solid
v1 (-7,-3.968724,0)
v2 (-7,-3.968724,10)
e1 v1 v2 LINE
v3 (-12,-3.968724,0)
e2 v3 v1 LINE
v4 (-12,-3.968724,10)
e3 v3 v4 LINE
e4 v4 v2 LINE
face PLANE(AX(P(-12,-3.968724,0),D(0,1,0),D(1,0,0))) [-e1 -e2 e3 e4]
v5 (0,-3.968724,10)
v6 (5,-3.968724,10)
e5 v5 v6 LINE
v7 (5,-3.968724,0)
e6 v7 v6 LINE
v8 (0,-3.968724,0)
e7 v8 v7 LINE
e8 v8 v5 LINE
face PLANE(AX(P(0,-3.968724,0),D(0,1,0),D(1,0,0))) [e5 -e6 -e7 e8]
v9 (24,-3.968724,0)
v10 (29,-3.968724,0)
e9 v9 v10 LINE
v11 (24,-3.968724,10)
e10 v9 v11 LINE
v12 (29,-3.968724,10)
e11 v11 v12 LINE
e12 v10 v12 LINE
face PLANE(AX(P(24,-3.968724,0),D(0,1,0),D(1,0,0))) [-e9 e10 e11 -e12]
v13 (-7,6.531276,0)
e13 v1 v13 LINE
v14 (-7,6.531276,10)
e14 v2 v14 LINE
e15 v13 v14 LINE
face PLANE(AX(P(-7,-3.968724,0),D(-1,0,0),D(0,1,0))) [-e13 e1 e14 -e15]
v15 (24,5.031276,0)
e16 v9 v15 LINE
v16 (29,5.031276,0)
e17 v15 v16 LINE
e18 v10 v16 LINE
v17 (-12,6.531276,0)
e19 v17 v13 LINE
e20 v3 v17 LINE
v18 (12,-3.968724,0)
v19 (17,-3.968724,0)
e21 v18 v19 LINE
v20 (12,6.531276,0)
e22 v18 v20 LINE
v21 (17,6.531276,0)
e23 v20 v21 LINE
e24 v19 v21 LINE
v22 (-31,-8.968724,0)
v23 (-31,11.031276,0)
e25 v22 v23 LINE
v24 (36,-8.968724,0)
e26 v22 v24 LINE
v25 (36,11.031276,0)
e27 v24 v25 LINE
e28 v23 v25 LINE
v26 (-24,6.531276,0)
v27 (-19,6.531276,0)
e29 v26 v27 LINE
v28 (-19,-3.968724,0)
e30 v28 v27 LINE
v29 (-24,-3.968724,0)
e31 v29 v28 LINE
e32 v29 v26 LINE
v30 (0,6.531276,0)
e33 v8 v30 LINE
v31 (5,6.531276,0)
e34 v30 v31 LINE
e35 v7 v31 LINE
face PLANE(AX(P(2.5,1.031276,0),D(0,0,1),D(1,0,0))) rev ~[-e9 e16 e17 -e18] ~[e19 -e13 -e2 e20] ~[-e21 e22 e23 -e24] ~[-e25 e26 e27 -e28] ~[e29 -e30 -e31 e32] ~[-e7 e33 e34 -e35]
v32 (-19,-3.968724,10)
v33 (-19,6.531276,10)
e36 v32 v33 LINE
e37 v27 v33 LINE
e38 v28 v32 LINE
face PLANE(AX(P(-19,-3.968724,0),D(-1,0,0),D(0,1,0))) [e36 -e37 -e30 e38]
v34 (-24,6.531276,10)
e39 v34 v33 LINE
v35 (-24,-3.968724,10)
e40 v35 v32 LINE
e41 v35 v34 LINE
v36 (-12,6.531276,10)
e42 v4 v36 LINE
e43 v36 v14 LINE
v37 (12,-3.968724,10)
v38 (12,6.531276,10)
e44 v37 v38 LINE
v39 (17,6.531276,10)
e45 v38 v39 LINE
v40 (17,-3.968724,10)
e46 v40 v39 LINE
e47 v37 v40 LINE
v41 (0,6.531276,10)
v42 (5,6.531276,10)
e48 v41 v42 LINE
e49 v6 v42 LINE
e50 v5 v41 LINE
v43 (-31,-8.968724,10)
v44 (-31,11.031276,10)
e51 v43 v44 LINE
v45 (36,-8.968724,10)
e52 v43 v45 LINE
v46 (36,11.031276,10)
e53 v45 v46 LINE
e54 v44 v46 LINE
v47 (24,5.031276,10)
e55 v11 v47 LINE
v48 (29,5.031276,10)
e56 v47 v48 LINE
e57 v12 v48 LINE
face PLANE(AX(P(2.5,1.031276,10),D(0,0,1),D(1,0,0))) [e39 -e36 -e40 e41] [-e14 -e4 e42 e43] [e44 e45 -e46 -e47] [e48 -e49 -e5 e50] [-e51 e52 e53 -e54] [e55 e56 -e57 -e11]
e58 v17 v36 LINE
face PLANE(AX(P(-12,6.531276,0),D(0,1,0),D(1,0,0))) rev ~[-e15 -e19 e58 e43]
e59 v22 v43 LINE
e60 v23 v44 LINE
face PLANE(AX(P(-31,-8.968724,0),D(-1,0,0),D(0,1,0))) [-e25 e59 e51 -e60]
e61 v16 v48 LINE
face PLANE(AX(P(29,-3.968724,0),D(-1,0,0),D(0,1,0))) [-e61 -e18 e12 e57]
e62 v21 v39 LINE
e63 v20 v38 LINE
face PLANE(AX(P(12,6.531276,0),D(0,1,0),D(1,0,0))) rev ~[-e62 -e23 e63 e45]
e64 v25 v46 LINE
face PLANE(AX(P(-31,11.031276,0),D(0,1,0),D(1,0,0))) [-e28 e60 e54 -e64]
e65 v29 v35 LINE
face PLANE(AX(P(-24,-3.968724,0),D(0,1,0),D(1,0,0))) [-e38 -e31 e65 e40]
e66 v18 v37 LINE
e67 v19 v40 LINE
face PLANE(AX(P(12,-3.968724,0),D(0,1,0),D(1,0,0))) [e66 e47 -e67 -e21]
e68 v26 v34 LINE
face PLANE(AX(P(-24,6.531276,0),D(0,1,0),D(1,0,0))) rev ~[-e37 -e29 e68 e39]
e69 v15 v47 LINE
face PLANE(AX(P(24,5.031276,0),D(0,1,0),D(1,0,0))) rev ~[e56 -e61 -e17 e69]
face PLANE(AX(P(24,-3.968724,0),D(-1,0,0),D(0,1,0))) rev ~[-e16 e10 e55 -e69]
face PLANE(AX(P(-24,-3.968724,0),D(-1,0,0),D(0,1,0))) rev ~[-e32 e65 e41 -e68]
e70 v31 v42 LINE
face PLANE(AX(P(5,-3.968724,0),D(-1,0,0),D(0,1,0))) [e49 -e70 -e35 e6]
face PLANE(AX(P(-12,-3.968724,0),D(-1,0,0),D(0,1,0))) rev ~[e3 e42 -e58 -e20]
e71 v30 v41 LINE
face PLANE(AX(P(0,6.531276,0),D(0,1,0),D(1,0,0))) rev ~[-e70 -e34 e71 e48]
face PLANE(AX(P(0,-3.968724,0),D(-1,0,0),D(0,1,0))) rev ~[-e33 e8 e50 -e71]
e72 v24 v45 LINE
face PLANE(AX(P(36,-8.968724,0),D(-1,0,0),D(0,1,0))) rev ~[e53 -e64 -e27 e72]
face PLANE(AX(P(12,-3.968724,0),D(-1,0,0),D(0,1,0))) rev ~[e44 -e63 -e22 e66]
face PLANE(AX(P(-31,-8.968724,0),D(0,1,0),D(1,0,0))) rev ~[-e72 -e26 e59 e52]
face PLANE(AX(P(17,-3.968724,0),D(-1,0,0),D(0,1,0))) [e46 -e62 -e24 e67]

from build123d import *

# Parameters (mm, degrees)
F0_W     = 67
F0_H     = 20
F0_W_2   = 5
F0_H_2   = 9
F0_H_3   = 10.5
F1_DEPTH = 10


with BuildPart() as f1:
    # F0 (on Top) → F1 (new body)
    with BuildSketch(Plane.XY):
        with Locations((2.5, 1.031276)):
            Rectangle(F0_W, F0_H)
        with Locations((26.5, 0.531276)):
            Rectangle(F0_W_2, F0_H_2, mode=Mode.SUBTRACT)
        with Locations((-21.5, 1.281276)):
            Rectangle(F0_W_2, F0_H_3, mode=Mode.SUBTRACT)
        with Locations((-9.5, 1.281276)):
            Rectangle(F0_W_2, F0_H_3, mode=Mode.SUBTRACT)
        with Locations((2.5, 1.281276)):
            Rectangle(F0_W_2, F0_H_3, mode=Mode.SUBTRACT)
        with Locations((14.5, 1.281276)):
            Rectangle(F0_W_2, F0_H_3, mode=Mode.SUBTRACT)
    extrude(amount=F1_DEPTH)


solid = f1.part
